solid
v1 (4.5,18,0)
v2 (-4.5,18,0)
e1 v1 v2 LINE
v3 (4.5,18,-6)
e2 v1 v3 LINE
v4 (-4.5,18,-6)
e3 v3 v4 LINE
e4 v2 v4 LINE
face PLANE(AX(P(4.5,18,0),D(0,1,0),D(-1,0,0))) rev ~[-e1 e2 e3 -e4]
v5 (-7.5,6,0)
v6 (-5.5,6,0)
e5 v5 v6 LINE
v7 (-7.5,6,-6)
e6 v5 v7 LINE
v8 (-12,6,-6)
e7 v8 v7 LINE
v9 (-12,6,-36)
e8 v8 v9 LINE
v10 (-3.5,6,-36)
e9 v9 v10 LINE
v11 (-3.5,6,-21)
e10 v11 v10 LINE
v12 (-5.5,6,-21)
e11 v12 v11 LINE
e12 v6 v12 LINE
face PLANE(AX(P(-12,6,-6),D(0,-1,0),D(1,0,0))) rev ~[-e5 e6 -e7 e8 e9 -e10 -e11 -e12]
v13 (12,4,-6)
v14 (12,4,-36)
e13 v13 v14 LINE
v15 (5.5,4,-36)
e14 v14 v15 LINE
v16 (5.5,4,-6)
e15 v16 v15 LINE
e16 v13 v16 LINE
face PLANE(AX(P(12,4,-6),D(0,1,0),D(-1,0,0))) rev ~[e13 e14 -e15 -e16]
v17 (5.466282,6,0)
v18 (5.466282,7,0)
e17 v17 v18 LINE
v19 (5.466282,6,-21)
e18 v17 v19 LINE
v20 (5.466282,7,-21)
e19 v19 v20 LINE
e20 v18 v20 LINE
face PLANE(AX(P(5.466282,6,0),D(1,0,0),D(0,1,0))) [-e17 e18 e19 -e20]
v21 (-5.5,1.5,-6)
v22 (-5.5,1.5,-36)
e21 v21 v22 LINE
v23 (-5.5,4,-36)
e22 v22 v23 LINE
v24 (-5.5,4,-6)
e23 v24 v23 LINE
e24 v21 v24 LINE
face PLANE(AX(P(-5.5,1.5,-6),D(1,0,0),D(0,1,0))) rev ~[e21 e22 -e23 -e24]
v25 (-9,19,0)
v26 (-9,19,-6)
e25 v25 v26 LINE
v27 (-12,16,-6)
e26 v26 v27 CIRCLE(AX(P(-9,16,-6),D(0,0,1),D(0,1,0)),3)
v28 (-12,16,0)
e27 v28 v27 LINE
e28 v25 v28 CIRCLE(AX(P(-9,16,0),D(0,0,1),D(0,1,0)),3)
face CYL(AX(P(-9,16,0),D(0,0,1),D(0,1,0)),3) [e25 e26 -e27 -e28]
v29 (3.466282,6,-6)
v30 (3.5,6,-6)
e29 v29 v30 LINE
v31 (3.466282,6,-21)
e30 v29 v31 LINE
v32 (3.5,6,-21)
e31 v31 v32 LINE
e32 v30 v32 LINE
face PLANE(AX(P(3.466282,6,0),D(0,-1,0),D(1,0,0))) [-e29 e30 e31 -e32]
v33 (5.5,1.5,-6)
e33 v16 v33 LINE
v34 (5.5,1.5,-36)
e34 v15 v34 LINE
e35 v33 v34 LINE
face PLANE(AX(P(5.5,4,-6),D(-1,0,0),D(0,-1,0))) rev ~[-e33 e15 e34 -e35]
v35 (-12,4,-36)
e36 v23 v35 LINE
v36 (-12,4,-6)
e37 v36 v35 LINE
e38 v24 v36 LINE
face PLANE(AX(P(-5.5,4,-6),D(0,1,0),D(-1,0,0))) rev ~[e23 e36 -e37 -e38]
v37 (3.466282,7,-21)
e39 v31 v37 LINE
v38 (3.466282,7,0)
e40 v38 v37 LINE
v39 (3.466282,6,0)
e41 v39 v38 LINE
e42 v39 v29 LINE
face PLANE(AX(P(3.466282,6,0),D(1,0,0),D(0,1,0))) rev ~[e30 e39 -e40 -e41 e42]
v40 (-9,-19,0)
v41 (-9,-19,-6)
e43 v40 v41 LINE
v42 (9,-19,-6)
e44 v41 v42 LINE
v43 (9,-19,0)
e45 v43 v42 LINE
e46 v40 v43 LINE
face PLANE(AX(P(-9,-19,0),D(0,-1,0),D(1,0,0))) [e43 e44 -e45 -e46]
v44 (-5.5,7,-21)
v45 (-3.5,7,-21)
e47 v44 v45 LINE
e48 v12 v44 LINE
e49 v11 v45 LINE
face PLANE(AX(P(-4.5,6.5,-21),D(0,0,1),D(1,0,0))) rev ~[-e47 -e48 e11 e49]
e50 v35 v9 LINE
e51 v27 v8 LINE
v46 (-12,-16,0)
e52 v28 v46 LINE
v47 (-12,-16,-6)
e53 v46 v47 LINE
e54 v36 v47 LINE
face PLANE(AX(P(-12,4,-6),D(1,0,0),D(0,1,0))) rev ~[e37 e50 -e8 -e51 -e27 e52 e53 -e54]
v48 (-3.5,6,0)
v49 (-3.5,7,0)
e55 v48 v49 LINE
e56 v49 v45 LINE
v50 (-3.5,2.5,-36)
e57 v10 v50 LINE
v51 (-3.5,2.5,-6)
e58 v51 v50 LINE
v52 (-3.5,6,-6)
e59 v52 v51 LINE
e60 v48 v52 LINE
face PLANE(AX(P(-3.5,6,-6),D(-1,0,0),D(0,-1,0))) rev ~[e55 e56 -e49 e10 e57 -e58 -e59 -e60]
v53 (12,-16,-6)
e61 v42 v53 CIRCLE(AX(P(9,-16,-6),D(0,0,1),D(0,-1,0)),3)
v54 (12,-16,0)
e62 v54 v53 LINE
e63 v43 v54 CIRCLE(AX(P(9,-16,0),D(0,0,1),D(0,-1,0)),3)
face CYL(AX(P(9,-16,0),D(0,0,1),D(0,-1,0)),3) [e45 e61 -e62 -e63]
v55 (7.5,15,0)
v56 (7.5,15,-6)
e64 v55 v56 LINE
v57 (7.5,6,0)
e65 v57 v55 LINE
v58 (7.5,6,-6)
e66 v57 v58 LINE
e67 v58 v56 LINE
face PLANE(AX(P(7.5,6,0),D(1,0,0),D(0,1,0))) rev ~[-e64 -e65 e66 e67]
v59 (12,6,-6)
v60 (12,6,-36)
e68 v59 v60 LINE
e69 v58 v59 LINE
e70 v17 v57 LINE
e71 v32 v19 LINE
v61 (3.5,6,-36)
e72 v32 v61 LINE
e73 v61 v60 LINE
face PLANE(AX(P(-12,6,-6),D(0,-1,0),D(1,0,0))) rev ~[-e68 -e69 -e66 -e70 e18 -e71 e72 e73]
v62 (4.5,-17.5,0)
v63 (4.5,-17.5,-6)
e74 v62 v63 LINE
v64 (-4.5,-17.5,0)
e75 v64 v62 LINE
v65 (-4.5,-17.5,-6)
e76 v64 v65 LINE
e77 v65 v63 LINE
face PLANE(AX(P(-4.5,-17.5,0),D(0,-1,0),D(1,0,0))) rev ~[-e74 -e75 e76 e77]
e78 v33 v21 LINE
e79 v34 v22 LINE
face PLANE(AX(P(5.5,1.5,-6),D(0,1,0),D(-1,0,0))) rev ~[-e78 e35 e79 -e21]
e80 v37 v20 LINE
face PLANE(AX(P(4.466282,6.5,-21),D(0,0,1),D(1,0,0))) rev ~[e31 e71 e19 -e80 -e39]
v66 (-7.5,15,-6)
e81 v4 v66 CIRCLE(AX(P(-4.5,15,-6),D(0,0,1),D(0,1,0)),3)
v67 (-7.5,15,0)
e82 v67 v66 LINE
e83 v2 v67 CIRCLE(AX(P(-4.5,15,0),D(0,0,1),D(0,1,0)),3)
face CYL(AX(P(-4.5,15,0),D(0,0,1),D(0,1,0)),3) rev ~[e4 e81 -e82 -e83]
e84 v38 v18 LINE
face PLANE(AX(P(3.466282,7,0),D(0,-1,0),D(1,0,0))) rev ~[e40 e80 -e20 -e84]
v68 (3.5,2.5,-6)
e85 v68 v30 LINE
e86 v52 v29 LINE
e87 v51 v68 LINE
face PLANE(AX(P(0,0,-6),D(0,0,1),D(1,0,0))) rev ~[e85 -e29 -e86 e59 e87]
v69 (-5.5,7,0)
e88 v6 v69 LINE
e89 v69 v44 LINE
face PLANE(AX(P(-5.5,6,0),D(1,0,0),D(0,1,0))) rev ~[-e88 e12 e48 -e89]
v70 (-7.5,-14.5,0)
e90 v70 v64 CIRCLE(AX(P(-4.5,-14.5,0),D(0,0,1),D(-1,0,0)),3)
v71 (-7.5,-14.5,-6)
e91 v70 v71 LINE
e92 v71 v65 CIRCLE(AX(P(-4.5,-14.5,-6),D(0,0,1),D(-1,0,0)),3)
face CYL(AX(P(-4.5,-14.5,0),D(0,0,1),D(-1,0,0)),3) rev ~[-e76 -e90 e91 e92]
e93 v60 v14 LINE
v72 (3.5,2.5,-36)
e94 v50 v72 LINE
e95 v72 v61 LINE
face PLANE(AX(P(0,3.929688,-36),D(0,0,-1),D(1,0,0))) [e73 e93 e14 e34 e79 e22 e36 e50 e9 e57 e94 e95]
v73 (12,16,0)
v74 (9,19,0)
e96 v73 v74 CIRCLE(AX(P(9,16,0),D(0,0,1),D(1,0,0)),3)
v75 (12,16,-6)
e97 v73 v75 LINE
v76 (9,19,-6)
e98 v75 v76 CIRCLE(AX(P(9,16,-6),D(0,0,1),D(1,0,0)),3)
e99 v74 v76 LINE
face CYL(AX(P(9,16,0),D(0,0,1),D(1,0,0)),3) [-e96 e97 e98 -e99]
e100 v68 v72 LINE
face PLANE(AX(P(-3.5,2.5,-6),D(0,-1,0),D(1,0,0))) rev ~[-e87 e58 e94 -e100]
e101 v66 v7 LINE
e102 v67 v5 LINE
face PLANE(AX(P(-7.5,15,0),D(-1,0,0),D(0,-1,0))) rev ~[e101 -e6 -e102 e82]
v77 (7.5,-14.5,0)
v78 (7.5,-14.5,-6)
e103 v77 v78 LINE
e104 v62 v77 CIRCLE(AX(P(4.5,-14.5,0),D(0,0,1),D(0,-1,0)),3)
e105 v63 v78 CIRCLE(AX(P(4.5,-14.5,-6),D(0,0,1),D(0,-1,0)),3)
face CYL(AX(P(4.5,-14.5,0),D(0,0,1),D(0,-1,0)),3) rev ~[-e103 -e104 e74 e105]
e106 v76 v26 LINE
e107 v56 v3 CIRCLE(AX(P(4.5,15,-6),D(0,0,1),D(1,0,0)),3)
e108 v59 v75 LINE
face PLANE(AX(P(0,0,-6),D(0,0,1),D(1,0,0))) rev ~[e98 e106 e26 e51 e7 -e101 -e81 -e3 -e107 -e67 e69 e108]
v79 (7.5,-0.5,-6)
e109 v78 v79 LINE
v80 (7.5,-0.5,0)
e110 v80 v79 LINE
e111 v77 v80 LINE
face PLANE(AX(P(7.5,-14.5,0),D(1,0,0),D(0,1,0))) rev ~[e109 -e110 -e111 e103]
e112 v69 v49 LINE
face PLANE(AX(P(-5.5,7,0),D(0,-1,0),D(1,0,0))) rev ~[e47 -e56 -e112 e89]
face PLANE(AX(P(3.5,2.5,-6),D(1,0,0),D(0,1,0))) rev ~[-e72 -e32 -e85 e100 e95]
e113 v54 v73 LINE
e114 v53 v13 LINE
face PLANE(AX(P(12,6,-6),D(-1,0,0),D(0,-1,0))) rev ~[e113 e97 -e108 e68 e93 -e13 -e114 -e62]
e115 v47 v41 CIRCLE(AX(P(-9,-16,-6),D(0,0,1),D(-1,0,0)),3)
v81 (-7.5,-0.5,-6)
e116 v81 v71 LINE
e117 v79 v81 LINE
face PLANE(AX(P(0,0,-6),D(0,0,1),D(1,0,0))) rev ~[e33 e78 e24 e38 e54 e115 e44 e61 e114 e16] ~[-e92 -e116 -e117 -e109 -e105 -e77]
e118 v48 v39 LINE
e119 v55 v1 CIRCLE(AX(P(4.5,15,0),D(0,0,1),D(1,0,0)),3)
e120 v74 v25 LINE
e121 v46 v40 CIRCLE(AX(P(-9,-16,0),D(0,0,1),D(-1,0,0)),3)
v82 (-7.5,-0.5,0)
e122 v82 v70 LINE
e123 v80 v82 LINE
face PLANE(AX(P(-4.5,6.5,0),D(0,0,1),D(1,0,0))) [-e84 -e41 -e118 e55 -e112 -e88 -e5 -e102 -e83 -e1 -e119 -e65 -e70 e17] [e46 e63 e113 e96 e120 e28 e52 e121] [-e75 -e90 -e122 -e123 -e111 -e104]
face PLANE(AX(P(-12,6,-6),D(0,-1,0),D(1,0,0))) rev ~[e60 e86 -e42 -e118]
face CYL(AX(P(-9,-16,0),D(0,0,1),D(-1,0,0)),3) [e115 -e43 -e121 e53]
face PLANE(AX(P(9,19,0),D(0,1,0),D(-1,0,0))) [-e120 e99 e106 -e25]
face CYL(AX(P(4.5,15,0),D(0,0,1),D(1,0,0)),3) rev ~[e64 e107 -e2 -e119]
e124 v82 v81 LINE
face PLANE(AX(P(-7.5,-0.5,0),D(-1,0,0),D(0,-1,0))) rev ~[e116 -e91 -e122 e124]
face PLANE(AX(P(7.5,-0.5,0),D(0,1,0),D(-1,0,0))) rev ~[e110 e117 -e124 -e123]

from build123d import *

# Parameters (mm, degrees)
F1_DEPTH = 6
F3_DEPTH = 6
F5_DEPTH = 30
F6_W     = 2
F6_H     = 1
F7_DEPTH = 21


with BuildPart() as f1:
    # F0 (on Top) → F1 (new body)
    with BuildSketch(Plane.XY):
        with BuildLine():
            ThreePointArc((12, 16), (11.1213203436, 18.1213203436), (9, 19))
            Line((9, 19), (-9, 19))
            ThreePointArc((-9, 19), (-11.1213203436, 18.1213203436), (-12, 16))
            Line((-12, 16), (-12, -16))
            ThreePointArc((-12, -16), (-11.1213203436, -18.1213203436), (-9, -19))
            Line((-9, -19), (9, -19))
            ThreePointArc((9, -19), (11.1213203436, -18.1213203436), (12, -16))
            Line((12, -16), (12, 16))
        make_face()
    extrude(amount=-F1_DEPTH)

    # F2 (on face) → F3 (cut, through all)
    with BuildSketch(Plane.XY):
        with BuildLine():
            ThreePointArc((7.5, 15), (6.6213203436, 17.1213203436), (4.5, 18))
            Line((4.5, 18), (-4.5, 18))
            ThreePointArc((-4.5, 18), (-6.6213203436, 17.1213203436), (-7.5, 15))
            Line((-7.5, 15), (-7.5, 6))
            Line((-7.5, 6), (7.5, 6))
            Line((7.5, 6), (7.5, 15))
        make_face()
        with BuildLine():
            Line((7.5, -14.5), (7.5, -0.5))
            Line((7.5, -0.5), (-7.5, -0.5))
            Line((-7.5, -0.5), (-7.5, -14.5))
            ThreePointArc((-7.5, -14.5), (-6.6213203436, -16.6213203436), (-4.5, -17.5))
            Line((-4.5, -17.5), (4.5, -17.5))
            ThreePointArc((4.5, -17.5), (6.6213203436, -16.6213203436), (7.5, -14.5))
        make_face()
    extrude(amount=-F3_DEPTH, mode=Mode.SUBTRACT)

    # F4 (on face) → F5 (join)
    with BuildSketch(Plane(origin=(0, 0, -6), x_dir=(1, 0, 0), z_dir=(0, 0, -1))):
        Polygon((-3.5, -2.5), (3.5, -2.5), (3.5, -6), (7.5, -6), (12, -6), (12, -4), (5.5, -4), (5.5, -1.5), (-5.5, -1.5), (-5.5, -4), (-12, -4), (-12, -6), (-7.5, -6), (-3.5, -6), align=None)
    extrude(amount=F5_DEPTH)

    # F6 (on face) → F7 (join)
    with BuildSketch(Plane.XY):
        with Locations((-4.5, 6.5)):
            Rectangle(F6_W, F6_H)
        with Locations((4.4662822727, 6.5)):
            Rectangle(F6_W, F6_H)
    extrude(amount=-F7_DEPTH)


solid = f1.part
